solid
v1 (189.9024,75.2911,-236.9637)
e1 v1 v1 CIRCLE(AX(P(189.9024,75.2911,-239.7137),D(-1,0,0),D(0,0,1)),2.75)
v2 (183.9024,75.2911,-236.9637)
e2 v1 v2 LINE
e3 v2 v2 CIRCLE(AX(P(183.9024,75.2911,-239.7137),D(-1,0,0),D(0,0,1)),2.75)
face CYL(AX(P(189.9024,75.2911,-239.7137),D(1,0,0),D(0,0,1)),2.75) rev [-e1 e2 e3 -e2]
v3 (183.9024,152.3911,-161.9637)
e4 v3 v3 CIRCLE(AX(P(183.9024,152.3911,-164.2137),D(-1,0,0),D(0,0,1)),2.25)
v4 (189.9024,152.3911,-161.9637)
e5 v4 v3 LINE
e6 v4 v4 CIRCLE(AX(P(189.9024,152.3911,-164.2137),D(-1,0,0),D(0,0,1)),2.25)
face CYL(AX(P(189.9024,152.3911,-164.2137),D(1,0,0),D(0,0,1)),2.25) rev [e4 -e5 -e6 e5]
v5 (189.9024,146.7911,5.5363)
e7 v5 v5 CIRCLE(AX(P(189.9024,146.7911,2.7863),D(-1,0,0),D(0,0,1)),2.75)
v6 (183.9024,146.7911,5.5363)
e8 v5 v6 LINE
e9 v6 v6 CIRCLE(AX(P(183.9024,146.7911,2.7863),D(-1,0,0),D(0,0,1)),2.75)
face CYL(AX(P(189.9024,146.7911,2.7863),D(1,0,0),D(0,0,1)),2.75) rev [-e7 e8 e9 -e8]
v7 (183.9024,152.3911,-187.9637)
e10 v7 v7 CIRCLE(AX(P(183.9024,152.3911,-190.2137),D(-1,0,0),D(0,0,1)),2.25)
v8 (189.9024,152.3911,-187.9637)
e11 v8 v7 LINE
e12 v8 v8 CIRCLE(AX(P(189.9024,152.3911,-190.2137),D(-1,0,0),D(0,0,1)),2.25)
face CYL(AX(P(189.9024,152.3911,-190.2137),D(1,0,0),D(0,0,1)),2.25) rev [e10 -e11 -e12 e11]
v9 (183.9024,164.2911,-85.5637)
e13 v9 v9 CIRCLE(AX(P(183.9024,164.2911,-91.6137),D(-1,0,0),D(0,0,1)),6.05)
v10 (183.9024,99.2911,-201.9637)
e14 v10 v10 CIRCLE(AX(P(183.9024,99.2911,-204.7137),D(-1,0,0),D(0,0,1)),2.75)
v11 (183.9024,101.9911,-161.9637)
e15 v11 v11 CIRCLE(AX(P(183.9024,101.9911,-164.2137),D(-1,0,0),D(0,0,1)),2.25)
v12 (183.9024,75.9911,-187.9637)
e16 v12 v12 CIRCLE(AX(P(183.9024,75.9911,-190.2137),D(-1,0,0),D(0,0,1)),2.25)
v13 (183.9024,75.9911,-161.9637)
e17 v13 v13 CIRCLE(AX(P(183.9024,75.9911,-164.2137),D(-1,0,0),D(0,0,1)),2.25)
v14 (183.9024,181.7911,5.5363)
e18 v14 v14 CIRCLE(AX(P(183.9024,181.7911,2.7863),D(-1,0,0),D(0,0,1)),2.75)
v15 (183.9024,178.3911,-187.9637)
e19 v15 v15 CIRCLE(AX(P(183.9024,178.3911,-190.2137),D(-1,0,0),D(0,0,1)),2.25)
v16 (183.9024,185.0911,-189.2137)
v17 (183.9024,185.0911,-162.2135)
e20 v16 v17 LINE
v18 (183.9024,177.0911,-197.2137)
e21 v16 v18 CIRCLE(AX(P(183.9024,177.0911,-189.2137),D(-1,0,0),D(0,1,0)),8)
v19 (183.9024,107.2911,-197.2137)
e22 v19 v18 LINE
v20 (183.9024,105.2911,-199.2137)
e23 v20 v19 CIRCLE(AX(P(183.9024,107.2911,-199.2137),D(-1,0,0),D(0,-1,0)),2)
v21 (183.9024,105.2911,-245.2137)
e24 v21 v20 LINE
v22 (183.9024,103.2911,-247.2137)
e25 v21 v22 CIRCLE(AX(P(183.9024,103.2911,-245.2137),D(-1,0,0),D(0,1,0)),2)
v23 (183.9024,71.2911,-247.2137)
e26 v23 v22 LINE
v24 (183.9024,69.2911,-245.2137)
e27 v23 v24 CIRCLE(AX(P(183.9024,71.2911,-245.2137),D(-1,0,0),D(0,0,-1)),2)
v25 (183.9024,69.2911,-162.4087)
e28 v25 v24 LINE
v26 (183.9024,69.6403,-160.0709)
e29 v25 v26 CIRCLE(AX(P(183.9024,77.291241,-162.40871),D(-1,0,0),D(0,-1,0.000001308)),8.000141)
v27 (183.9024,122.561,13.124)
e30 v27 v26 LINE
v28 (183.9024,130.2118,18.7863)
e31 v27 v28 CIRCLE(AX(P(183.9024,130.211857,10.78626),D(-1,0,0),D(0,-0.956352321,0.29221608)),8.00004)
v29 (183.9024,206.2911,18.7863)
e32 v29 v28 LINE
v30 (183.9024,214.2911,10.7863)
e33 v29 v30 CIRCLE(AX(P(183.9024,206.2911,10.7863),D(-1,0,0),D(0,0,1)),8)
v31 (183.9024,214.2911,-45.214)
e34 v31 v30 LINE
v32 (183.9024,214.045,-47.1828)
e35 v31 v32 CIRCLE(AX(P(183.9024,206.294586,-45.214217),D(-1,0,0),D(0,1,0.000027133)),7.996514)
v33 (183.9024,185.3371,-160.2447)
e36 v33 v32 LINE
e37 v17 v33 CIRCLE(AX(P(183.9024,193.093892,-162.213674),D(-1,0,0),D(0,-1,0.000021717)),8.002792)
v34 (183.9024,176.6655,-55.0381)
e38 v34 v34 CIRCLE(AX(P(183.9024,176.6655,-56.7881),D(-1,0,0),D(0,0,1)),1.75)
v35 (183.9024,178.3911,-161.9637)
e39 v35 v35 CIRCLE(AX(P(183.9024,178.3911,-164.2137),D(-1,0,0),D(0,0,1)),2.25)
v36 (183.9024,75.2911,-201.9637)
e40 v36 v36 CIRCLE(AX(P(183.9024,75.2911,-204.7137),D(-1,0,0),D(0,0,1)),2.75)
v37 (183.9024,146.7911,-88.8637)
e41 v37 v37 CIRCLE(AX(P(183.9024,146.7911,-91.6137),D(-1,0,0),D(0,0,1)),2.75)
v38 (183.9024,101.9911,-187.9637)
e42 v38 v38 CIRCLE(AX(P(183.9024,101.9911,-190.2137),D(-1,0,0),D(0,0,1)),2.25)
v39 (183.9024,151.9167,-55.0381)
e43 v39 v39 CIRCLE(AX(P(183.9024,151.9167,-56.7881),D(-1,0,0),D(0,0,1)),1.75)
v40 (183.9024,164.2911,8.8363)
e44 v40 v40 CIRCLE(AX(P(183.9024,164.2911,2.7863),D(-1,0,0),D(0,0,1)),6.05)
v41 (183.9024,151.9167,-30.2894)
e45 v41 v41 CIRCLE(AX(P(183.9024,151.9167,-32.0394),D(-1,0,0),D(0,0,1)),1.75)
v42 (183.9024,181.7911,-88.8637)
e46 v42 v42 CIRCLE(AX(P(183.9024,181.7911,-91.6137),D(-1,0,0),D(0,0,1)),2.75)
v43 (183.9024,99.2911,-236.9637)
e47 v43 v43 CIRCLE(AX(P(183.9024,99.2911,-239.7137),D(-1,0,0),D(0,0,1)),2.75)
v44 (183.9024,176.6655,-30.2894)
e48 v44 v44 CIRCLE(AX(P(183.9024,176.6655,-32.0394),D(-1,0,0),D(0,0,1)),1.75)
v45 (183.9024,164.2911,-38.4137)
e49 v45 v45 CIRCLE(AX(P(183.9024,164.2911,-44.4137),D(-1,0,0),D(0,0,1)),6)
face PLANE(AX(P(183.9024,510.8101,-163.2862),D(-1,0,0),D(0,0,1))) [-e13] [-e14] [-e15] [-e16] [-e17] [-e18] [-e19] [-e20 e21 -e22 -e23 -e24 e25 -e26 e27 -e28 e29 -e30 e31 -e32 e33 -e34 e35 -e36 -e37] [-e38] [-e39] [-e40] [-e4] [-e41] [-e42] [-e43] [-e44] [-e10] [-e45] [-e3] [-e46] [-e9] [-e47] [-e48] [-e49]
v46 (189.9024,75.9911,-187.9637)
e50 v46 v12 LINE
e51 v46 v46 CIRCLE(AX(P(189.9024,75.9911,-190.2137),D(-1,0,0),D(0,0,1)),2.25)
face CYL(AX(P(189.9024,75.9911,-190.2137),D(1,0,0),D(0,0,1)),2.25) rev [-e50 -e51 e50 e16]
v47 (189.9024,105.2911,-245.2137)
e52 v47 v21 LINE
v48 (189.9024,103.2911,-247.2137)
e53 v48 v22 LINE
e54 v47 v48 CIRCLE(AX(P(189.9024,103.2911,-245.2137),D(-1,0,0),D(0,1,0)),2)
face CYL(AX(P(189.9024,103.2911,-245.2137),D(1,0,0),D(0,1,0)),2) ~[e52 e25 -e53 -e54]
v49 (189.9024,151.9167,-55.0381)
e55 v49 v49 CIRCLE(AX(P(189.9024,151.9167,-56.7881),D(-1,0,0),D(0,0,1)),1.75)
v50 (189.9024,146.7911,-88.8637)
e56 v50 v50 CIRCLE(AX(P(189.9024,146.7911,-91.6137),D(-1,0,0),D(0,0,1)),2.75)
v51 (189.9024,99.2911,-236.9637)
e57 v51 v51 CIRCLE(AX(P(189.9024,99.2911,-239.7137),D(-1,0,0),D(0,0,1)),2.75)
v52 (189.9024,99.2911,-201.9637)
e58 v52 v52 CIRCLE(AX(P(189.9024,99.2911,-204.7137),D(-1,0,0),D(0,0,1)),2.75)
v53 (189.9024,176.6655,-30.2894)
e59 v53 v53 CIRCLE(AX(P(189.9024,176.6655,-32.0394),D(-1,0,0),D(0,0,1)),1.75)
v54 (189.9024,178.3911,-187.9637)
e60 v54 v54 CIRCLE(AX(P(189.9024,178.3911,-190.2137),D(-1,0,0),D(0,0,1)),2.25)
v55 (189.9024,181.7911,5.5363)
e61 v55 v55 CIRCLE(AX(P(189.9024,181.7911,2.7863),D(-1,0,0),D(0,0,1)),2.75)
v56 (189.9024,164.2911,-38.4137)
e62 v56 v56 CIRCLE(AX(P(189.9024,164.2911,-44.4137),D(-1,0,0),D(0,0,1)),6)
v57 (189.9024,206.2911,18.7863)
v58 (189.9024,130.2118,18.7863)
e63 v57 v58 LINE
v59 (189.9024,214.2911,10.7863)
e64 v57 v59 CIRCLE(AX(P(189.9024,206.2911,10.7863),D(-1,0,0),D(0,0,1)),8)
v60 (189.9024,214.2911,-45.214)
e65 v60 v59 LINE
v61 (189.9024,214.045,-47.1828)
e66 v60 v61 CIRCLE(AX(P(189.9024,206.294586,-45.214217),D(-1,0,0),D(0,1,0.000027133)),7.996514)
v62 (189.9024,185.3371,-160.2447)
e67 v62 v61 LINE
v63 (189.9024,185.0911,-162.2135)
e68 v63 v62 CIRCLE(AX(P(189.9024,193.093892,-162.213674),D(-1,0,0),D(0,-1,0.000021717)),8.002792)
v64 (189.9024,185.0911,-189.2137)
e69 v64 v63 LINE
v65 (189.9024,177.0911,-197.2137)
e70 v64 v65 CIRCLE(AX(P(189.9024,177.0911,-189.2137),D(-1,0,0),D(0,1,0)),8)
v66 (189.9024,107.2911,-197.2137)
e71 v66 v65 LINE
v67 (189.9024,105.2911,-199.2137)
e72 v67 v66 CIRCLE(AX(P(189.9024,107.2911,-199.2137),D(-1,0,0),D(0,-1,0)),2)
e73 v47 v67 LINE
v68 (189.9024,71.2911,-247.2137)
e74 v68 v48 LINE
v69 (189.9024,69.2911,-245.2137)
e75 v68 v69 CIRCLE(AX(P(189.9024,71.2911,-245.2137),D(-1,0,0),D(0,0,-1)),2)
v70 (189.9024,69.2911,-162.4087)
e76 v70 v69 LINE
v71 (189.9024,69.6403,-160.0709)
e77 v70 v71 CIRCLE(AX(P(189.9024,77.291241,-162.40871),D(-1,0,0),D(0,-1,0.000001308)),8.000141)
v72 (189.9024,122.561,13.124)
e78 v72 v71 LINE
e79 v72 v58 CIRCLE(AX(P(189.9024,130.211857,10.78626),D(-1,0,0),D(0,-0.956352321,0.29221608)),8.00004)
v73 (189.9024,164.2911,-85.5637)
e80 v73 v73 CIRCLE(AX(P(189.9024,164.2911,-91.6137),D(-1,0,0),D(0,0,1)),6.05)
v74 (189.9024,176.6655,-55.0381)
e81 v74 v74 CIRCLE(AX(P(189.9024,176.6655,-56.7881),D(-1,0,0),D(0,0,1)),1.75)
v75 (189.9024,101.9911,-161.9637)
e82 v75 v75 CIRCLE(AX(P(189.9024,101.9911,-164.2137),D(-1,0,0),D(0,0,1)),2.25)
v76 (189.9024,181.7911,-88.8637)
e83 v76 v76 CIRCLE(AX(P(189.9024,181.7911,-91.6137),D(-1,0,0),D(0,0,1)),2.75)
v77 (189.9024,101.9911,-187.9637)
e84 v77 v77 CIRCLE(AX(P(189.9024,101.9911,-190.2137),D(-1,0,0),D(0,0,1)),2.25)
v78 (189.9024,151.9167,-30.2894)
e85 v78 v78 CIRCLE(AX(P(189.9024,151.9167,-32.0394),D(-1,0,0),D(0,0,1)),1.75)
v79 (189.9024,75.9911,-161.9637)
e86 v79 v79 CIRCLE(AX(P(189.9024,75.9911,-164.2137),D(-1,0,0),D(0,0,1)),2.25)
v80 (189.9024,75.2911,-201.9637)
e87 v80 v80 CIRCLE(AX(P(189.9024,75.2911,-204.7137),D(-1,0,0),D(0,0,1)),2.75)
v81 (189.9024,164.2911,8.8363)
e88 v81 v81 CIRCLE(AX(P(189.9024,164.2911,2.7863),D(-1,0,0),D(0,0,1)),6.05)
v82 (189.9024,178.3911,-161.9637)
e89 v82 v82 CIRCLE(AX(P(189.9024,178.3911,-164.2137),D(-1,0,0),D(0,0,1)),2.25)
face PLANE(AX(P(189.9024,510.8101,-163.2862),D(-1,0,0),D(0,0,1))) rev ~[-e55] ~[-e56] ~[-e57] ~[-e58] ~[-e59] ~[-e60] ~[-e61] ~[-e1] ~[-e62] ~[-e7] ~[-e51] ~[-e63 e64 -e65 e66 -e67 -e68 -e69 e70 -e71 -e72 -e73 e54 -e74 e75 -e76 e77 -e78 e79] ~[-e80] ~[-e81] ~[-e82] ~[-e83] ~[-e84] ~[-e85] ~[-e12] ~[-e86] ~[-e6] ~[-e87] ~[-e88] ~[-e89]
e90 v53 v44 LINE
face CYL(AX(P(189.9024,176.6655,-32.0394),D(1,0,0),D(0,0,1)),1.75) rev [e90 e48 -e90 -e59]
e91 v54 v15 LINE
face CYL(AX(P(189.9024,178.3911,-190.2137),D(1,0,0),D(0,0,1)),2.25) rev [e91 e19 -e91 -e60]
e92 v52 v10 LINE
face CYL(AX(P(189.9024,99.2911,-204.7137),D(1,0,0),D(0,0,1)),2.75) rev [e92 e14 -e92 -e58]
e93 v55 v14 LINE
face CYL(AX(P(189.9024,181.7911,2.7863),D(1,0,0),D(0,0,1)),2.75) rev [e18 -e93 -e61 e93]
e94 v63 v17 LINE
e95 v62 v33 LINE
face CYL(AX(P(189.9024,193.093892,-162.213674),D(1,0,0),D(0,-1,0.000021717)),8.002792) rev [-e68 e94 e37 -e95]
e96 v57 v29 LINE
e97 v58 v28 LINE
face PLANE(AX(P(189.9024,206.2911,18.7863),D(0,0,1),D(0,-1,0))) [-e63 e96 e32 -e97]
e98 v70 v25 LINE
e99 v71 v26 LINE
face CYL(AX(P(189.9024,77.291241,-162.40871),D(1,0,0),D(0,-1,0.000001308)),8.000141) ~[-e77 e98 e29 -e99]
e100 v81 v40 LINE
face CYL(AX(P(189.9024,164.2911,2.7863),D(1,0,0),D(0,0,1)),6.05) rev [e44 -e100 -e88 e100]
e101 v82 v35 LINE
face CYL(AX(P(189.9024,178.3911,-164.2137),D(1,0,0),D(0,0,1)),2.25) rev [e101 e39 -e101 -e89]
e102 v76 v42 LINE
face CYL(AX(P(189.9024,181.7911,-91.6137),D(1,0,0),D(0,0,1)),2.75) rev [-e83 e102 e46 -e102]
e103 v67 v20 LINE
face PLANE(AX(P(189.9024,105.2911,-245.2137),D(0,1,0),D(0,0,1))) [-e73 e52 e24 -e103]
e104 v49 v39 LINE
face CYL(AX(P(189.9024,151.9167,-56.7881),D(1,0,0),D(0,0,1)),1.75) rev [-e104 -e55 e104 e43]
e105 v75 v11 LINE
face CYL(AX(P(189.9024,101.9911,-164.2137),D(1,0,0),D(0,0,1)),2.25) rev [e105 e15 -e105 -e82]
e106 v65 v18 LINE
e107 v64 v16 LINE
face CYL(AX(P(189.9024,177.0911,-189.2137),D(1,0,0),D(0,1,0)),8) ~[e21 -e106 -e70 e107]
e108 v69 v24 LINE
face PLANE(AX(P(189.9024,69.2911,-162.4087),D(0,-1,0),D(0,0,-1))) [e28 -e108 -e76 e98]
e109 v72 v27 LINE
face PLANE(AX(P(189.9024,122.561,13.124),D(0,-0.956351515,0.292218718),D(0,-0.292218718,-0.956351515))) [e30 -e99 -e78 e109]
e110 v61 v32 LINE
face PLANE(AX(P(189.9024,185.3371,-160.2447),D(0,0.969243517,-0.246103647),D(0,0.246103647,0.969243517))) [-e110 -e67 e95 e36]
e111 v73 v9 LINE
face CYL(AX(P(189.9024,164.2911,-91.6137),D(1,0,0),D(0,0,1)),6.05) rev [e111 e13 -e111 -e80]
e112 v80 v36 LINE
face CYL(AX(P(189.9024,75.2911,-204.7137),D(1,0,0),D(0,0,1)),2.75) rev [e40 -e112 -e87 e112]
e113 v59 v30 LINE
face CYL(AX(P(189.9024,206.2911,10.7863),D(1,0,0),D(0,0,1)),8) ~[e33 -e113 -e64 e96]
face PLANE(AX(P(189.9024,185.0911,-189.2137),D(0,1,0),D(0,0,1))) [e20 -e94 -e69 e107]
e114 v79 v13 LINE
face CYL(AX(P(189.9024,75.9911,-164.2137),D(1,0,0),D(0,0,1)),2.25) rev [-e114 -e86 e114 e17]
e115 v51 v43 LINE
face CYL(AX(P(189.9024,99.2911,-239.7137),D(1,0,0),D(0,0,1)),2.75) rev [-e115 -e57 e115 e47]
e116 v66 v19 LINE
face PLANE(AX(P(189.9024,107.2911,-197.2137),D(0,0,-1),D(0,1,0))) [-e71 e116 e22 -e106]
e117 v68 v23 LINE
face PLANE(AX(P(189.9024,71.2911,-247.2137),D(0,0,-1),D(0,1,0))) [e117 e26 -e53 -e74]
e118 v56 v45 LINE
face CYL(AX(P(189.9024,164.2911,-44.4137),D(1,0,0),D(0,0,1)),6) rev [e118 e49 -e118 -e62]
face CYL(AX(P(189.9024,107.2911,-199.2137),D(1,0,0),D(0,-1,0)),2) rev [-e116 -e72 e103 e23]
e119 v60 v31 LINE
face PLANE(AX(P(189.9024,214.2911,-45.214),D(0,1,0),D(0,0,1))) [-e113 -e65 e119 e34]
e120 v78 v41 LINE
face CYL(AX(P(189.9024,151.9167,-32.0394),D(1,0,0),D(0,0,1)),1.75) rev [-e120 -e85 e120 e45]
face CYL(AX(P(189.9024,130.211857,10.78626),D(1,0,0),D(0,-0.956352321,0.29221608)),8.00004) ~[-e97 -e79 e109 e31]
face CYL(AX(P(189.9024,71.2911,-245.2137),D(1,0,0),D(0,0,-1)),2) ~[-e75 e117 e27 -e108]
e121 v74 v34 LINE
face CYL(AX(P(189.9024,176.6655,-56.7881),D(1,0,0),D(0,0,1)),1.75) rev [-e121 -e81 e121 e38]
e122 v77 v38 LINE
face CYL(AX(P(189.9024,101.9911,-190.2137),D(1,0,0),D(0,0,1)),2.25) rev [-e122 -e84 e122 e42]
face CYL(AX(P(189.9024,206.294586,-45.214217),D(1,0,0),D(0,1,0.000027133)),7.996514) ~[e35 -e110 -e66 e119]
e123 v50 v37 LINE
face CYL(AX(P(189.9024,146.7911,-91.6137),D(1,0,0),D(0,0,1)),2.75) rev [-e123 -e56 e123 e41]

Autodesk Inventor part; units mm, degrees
ref_plane "YZ Plane" through (0, 0, 0) normal (1, 0, 0) x (0, 1, 0)
ref_plane "XZ Plane" through (0, 0, 0) normal (0, 1, 0) x (-1, 0, 0)
ref_plane "XY Plane" through (0, 0, 0) normal (0, 0, 1) x (1, 0, 0)
ref_plane "Work Plane1" through (189.9024, 510.8101, -163.2862) normal (-1, 0, 0) x (0, 0, 1)
sketch "Sketch1" plane through (189.9024, 510.8101, -163.2862) normal (-1, 0, 0) x (0, 0, 1)
  arc A0 (-25.9275, -325.719) -> (-33.9275, -333.719) centre (-25.9275, -333.719) ccw projected
  line L0 (-25.9275, -325.719) -> (1.0727, -325.719) projected
  arc A1 (1.0727, -325.719) -> (3.0415, -325.473) centre (1.0727, -317.719) ccw projected
  line L1 (3.0415, -325.473) -> (116.1034, -296.7651) projected
  arc A2 (118.0722, -296.519) -> (116.1034, -296.7651) centre (118.0722, -304.519) ccw projected
  line L2 (118.0722, -296.519) -> (174.0725, -296.519) projected
  arc A3 (182.0725, -304.519) -> (174.0725, -296.519) centre (174.0725, -304.519) ccw projected
  line L3 (182.0725, -304.519) -> (182.0725, -380.5983) projected
  arc A4 (176.4102, -388.2491) -> (182.0725, -380.5983) centre (174.0725, -380.5983) ccw projected
  line L4 (176.4102, -388.2491) -> (3.2153, -441.1698) projected
  arc A5 (0.8775, -441.519) -> (3.2153, -441.1698) centre (0.8775, -433.519) ccw projected
  line L5 (-33.9275, -403.519) -> (-33.9275, -333.719) projected
  circle A6 centre (104.0232, -361.3682) radius 2.25 projected
  circle A7 centre (133.7217, -331.6698) radius 2.25 projected
  circle A8 centre (166.0725, -329.019) radius 2.75 projected
  circle A9 centre (118.8725, -346.519) radius 12 projected
  circle A10 centre (142.4425, -322.949) radius 2.5 projected
  circle A11 centre (-26.9275, -434.819) radius 2.25 projected
  circle A12 centre (-26.9275, -358.419) radius 2.25 projected
  circle A13 centre (-0.9275, -332.419) radius 2.25 projected
  circle A14 centre (-0.9275, -358.419) radius 2.25 projected
  circle A15 centre (71.6725, -346.519) radius 6.05 projected
  circle A16 centre (166.0725, -346.519) radius 6.05 projected
  circle A17 centre (-26.9275, -332.419) radius 2.25 projected
  circle A18 centre (-26.9275, -408.819) radius 2.25 projected
  circle A19 centre (142.4425, -370.089) radius 2.5 projected
  circle A20 centre (95.3025, -370.089) radius 2.5 projected
  circle A21 centre (166.0725, -364.019) radius 2.75 projected
  circle A22 centre (71.6725, -364.019) radius 2.75 projected
  circle A23 centre (133.7217, -361.3682) radius 2.25 projected
  circle A24 centre (104.0232, -331.6698) radius 2.25 projected
  circle A25 centre (71.6725, -329.019) radius 2.75 projected
  circle A26 centre (95.3025, -322.949) radius 2.5 projected
  arc A27 (-81.9275, -405.519) -> (-83.9275, -407.519) centre (-81.9275, -407.519) ccw projected
  line L6 (-81.9275, -405.519) -> (-35.9275, -405.519) projected
  arc A28 (-35.9275, -405.519) -> (-33.9275, -403.519) centre (-35.9275, -403.519) ccw projected
  line L7 (0.8775, -441.519) -> (-81.9275, -441.519) projected
  arc A29 (-83.9275, -439.519) -> (-81.9275, -441.519) centre (-81.9275, -439.519) ccw projected
  line L8 (-83.9275, -439.519) -> (-83.9275, -407.519) projected
  circle A30 centre (-76.4275, -411.519) radius 2.75 projected
  circle A31 centre (-76.4275, -435.519) radius 2.75 projected
  circle A32 centre (-0.9275, -408.819) radius 2.25 projected
  circle A33 centre (-0.9275, -434.819) radius 2.25 projected
  circle A34 centre (-41.4275, -435.519) radius 2.75 projected
  circle A35 centre (-41.4275, -411.519) radius 2.75 projected
  point P0 (163.2862, -510.8101)
  point P1 (-25.9275, -122.4465)
sketch "Sketch2" plane through (189.9024, 510.8101, -163.2862) normal (-1, 0, 0) x (0, 0, 1)
  line L0 (176.4102, -388.2491) -> (3.2153, -441.1698) projected
  arc A0 (-25.9275, -325.719) -> (-33.9275, -333.719) centre (-25.9275, -333.719) ccw projected
  line L1 (-25.9275, -325.719) -> (1.0727, -325.719) projected
  arc A1 (1.0727, -325.719) -> (3.0415, -325.473) centre (1.0727, -317.719) ccw projected
  line L2 (3.0415, -325.473) -> (116.1034, -296.7651) projected
  circle A2 centre (-0.9275, -332.419) radius 2.25 projected
  circle A3 centre (-0.9275, -358.419) radius 2.25 projected
  circle A4 centre (-26.9275, -332.419) radius 2.25 projected
  circle A5 centre (-26.9275, -358.419) radius 2.25 projected
  arc A6 (0.8775, -441.519) -> (3.2153, -441.1698) centre (0.8775, -433.519) ccw projected
  circle A7 centre (-26.9275, -434.819) radius 2.25 projected
  circle A8 centre (-26.9275, -408.819) radius 2.25 projected
  line L3 (118.0722, -296.519) -> (174.0725, -296.519) projected
  arc A9 (182.0725, -304.519) -> (174.0725, -296.519) centre (174.0725, -304.519) ccw projected
  line L4 (182.0725, -304.519) -> (182.0725, -380.5983) projected
  arc A10 (176.4102, -388.2491) -> (182.0725, -380.5983) centre (174.0725, -380.5983) ccw projected
  arc A11 (118.0722, -296.519) -> (116.1034, -296.7651) centre (118.0722, -304.519) ccw projected
  circle A12 centre (166.0725, -346.519) radius 6.05 projected
  circle A13 centre (166.0725, -364.019) radius 2.75 projected
  circle A14 centre (166.0725, -329.019) radius 2.75 projected
  circle A15 centre (71.6725, -329.019) radius 2.75 projected
  circle A16 centre (71.6725, -364.019) radius 2.75 projected
  circle A17 centre (71.6725, -346.519) radius 6.05 projected
  circle A18 centre (118.8725, -346.519) radius 17.5 construction
  circle A19 centre (131.2468, -334.1446) radius 1.75
  circle A20 centre (106.4981, -334.1446) radius 1.75
  circle A21 centre (106.4981, -358.8934) radius 1.75
  circle A22 centre (131.2468, -358.8934) radius 1.75
  circle A23 centre (118.8725, -346.519) radius 6
  arc A24 (-35.9275, -405.519) -> (-33.9275, -403.519) centre (-35.9275, -403.519) ccw projected
  line L5 (-33.9275, -403.519) -> (-33.9275, -333.719) projected
  circle A25 centre (-41.4275, -411.519) radius 2.75 projected
  circle A26 centre (-41.4275, -435.519) radius 2.75 projected
  line L6 (-81.9275, -405.519) -> (-35.9275, -405.519) projected
  line L7 (0.8775, -441.519) -> (-81.9275, -441.519) projected
  circle A27 centre (-76.4275, -411.519) radius 2.75 projected
  arc A28 (-81.9275, -405.519) -> (-83.9275, -407.519) centre (-81.9275, -407.519) ccw projected
  circle A29 centre (-76.4275, -435.519) radius 2.75 projected
  line L8 (-83.9275, -439.519) -> (-83.9275, -407.519) projected
  arc A30 (-83.9275, -439.519) -> (-81.9275, -441.519) centre (-81.9275, -439.519) ccw projected
  circle A31 centre (-0.9275, -88.6017) radius 2.15 projected
  circle A32 centre (-0.9275, -114.6017) radius 2.15 projected
  circle A33 centre (-0.9275, -408.819) radius 2.25 projected
  circle A34 centre (-0.9275, -434.819) radius 2.25 projected
  point P0 (163.2862, -510.8101)
  point P1 (-25.9275, -122.4465)
  point P2 (163.2862, -510.8101)
  point P3 (-0.9275, -434.819)
  dimension "d2" = 35
  dimension "d3" = 3.5
  dimension "d4" = 90
  dimension "d5" = 12
extrude "Extrusion2" add sketch "Sketch2" along normal blind 6 contours L0 A6 L7 A30 L8 A28 L6 A24 L5 A0 L1 A1 L2 A11 L3 A9 L4 A10
properties part number "SIDE_SUPPORT_PLATE-PASSIVE"
